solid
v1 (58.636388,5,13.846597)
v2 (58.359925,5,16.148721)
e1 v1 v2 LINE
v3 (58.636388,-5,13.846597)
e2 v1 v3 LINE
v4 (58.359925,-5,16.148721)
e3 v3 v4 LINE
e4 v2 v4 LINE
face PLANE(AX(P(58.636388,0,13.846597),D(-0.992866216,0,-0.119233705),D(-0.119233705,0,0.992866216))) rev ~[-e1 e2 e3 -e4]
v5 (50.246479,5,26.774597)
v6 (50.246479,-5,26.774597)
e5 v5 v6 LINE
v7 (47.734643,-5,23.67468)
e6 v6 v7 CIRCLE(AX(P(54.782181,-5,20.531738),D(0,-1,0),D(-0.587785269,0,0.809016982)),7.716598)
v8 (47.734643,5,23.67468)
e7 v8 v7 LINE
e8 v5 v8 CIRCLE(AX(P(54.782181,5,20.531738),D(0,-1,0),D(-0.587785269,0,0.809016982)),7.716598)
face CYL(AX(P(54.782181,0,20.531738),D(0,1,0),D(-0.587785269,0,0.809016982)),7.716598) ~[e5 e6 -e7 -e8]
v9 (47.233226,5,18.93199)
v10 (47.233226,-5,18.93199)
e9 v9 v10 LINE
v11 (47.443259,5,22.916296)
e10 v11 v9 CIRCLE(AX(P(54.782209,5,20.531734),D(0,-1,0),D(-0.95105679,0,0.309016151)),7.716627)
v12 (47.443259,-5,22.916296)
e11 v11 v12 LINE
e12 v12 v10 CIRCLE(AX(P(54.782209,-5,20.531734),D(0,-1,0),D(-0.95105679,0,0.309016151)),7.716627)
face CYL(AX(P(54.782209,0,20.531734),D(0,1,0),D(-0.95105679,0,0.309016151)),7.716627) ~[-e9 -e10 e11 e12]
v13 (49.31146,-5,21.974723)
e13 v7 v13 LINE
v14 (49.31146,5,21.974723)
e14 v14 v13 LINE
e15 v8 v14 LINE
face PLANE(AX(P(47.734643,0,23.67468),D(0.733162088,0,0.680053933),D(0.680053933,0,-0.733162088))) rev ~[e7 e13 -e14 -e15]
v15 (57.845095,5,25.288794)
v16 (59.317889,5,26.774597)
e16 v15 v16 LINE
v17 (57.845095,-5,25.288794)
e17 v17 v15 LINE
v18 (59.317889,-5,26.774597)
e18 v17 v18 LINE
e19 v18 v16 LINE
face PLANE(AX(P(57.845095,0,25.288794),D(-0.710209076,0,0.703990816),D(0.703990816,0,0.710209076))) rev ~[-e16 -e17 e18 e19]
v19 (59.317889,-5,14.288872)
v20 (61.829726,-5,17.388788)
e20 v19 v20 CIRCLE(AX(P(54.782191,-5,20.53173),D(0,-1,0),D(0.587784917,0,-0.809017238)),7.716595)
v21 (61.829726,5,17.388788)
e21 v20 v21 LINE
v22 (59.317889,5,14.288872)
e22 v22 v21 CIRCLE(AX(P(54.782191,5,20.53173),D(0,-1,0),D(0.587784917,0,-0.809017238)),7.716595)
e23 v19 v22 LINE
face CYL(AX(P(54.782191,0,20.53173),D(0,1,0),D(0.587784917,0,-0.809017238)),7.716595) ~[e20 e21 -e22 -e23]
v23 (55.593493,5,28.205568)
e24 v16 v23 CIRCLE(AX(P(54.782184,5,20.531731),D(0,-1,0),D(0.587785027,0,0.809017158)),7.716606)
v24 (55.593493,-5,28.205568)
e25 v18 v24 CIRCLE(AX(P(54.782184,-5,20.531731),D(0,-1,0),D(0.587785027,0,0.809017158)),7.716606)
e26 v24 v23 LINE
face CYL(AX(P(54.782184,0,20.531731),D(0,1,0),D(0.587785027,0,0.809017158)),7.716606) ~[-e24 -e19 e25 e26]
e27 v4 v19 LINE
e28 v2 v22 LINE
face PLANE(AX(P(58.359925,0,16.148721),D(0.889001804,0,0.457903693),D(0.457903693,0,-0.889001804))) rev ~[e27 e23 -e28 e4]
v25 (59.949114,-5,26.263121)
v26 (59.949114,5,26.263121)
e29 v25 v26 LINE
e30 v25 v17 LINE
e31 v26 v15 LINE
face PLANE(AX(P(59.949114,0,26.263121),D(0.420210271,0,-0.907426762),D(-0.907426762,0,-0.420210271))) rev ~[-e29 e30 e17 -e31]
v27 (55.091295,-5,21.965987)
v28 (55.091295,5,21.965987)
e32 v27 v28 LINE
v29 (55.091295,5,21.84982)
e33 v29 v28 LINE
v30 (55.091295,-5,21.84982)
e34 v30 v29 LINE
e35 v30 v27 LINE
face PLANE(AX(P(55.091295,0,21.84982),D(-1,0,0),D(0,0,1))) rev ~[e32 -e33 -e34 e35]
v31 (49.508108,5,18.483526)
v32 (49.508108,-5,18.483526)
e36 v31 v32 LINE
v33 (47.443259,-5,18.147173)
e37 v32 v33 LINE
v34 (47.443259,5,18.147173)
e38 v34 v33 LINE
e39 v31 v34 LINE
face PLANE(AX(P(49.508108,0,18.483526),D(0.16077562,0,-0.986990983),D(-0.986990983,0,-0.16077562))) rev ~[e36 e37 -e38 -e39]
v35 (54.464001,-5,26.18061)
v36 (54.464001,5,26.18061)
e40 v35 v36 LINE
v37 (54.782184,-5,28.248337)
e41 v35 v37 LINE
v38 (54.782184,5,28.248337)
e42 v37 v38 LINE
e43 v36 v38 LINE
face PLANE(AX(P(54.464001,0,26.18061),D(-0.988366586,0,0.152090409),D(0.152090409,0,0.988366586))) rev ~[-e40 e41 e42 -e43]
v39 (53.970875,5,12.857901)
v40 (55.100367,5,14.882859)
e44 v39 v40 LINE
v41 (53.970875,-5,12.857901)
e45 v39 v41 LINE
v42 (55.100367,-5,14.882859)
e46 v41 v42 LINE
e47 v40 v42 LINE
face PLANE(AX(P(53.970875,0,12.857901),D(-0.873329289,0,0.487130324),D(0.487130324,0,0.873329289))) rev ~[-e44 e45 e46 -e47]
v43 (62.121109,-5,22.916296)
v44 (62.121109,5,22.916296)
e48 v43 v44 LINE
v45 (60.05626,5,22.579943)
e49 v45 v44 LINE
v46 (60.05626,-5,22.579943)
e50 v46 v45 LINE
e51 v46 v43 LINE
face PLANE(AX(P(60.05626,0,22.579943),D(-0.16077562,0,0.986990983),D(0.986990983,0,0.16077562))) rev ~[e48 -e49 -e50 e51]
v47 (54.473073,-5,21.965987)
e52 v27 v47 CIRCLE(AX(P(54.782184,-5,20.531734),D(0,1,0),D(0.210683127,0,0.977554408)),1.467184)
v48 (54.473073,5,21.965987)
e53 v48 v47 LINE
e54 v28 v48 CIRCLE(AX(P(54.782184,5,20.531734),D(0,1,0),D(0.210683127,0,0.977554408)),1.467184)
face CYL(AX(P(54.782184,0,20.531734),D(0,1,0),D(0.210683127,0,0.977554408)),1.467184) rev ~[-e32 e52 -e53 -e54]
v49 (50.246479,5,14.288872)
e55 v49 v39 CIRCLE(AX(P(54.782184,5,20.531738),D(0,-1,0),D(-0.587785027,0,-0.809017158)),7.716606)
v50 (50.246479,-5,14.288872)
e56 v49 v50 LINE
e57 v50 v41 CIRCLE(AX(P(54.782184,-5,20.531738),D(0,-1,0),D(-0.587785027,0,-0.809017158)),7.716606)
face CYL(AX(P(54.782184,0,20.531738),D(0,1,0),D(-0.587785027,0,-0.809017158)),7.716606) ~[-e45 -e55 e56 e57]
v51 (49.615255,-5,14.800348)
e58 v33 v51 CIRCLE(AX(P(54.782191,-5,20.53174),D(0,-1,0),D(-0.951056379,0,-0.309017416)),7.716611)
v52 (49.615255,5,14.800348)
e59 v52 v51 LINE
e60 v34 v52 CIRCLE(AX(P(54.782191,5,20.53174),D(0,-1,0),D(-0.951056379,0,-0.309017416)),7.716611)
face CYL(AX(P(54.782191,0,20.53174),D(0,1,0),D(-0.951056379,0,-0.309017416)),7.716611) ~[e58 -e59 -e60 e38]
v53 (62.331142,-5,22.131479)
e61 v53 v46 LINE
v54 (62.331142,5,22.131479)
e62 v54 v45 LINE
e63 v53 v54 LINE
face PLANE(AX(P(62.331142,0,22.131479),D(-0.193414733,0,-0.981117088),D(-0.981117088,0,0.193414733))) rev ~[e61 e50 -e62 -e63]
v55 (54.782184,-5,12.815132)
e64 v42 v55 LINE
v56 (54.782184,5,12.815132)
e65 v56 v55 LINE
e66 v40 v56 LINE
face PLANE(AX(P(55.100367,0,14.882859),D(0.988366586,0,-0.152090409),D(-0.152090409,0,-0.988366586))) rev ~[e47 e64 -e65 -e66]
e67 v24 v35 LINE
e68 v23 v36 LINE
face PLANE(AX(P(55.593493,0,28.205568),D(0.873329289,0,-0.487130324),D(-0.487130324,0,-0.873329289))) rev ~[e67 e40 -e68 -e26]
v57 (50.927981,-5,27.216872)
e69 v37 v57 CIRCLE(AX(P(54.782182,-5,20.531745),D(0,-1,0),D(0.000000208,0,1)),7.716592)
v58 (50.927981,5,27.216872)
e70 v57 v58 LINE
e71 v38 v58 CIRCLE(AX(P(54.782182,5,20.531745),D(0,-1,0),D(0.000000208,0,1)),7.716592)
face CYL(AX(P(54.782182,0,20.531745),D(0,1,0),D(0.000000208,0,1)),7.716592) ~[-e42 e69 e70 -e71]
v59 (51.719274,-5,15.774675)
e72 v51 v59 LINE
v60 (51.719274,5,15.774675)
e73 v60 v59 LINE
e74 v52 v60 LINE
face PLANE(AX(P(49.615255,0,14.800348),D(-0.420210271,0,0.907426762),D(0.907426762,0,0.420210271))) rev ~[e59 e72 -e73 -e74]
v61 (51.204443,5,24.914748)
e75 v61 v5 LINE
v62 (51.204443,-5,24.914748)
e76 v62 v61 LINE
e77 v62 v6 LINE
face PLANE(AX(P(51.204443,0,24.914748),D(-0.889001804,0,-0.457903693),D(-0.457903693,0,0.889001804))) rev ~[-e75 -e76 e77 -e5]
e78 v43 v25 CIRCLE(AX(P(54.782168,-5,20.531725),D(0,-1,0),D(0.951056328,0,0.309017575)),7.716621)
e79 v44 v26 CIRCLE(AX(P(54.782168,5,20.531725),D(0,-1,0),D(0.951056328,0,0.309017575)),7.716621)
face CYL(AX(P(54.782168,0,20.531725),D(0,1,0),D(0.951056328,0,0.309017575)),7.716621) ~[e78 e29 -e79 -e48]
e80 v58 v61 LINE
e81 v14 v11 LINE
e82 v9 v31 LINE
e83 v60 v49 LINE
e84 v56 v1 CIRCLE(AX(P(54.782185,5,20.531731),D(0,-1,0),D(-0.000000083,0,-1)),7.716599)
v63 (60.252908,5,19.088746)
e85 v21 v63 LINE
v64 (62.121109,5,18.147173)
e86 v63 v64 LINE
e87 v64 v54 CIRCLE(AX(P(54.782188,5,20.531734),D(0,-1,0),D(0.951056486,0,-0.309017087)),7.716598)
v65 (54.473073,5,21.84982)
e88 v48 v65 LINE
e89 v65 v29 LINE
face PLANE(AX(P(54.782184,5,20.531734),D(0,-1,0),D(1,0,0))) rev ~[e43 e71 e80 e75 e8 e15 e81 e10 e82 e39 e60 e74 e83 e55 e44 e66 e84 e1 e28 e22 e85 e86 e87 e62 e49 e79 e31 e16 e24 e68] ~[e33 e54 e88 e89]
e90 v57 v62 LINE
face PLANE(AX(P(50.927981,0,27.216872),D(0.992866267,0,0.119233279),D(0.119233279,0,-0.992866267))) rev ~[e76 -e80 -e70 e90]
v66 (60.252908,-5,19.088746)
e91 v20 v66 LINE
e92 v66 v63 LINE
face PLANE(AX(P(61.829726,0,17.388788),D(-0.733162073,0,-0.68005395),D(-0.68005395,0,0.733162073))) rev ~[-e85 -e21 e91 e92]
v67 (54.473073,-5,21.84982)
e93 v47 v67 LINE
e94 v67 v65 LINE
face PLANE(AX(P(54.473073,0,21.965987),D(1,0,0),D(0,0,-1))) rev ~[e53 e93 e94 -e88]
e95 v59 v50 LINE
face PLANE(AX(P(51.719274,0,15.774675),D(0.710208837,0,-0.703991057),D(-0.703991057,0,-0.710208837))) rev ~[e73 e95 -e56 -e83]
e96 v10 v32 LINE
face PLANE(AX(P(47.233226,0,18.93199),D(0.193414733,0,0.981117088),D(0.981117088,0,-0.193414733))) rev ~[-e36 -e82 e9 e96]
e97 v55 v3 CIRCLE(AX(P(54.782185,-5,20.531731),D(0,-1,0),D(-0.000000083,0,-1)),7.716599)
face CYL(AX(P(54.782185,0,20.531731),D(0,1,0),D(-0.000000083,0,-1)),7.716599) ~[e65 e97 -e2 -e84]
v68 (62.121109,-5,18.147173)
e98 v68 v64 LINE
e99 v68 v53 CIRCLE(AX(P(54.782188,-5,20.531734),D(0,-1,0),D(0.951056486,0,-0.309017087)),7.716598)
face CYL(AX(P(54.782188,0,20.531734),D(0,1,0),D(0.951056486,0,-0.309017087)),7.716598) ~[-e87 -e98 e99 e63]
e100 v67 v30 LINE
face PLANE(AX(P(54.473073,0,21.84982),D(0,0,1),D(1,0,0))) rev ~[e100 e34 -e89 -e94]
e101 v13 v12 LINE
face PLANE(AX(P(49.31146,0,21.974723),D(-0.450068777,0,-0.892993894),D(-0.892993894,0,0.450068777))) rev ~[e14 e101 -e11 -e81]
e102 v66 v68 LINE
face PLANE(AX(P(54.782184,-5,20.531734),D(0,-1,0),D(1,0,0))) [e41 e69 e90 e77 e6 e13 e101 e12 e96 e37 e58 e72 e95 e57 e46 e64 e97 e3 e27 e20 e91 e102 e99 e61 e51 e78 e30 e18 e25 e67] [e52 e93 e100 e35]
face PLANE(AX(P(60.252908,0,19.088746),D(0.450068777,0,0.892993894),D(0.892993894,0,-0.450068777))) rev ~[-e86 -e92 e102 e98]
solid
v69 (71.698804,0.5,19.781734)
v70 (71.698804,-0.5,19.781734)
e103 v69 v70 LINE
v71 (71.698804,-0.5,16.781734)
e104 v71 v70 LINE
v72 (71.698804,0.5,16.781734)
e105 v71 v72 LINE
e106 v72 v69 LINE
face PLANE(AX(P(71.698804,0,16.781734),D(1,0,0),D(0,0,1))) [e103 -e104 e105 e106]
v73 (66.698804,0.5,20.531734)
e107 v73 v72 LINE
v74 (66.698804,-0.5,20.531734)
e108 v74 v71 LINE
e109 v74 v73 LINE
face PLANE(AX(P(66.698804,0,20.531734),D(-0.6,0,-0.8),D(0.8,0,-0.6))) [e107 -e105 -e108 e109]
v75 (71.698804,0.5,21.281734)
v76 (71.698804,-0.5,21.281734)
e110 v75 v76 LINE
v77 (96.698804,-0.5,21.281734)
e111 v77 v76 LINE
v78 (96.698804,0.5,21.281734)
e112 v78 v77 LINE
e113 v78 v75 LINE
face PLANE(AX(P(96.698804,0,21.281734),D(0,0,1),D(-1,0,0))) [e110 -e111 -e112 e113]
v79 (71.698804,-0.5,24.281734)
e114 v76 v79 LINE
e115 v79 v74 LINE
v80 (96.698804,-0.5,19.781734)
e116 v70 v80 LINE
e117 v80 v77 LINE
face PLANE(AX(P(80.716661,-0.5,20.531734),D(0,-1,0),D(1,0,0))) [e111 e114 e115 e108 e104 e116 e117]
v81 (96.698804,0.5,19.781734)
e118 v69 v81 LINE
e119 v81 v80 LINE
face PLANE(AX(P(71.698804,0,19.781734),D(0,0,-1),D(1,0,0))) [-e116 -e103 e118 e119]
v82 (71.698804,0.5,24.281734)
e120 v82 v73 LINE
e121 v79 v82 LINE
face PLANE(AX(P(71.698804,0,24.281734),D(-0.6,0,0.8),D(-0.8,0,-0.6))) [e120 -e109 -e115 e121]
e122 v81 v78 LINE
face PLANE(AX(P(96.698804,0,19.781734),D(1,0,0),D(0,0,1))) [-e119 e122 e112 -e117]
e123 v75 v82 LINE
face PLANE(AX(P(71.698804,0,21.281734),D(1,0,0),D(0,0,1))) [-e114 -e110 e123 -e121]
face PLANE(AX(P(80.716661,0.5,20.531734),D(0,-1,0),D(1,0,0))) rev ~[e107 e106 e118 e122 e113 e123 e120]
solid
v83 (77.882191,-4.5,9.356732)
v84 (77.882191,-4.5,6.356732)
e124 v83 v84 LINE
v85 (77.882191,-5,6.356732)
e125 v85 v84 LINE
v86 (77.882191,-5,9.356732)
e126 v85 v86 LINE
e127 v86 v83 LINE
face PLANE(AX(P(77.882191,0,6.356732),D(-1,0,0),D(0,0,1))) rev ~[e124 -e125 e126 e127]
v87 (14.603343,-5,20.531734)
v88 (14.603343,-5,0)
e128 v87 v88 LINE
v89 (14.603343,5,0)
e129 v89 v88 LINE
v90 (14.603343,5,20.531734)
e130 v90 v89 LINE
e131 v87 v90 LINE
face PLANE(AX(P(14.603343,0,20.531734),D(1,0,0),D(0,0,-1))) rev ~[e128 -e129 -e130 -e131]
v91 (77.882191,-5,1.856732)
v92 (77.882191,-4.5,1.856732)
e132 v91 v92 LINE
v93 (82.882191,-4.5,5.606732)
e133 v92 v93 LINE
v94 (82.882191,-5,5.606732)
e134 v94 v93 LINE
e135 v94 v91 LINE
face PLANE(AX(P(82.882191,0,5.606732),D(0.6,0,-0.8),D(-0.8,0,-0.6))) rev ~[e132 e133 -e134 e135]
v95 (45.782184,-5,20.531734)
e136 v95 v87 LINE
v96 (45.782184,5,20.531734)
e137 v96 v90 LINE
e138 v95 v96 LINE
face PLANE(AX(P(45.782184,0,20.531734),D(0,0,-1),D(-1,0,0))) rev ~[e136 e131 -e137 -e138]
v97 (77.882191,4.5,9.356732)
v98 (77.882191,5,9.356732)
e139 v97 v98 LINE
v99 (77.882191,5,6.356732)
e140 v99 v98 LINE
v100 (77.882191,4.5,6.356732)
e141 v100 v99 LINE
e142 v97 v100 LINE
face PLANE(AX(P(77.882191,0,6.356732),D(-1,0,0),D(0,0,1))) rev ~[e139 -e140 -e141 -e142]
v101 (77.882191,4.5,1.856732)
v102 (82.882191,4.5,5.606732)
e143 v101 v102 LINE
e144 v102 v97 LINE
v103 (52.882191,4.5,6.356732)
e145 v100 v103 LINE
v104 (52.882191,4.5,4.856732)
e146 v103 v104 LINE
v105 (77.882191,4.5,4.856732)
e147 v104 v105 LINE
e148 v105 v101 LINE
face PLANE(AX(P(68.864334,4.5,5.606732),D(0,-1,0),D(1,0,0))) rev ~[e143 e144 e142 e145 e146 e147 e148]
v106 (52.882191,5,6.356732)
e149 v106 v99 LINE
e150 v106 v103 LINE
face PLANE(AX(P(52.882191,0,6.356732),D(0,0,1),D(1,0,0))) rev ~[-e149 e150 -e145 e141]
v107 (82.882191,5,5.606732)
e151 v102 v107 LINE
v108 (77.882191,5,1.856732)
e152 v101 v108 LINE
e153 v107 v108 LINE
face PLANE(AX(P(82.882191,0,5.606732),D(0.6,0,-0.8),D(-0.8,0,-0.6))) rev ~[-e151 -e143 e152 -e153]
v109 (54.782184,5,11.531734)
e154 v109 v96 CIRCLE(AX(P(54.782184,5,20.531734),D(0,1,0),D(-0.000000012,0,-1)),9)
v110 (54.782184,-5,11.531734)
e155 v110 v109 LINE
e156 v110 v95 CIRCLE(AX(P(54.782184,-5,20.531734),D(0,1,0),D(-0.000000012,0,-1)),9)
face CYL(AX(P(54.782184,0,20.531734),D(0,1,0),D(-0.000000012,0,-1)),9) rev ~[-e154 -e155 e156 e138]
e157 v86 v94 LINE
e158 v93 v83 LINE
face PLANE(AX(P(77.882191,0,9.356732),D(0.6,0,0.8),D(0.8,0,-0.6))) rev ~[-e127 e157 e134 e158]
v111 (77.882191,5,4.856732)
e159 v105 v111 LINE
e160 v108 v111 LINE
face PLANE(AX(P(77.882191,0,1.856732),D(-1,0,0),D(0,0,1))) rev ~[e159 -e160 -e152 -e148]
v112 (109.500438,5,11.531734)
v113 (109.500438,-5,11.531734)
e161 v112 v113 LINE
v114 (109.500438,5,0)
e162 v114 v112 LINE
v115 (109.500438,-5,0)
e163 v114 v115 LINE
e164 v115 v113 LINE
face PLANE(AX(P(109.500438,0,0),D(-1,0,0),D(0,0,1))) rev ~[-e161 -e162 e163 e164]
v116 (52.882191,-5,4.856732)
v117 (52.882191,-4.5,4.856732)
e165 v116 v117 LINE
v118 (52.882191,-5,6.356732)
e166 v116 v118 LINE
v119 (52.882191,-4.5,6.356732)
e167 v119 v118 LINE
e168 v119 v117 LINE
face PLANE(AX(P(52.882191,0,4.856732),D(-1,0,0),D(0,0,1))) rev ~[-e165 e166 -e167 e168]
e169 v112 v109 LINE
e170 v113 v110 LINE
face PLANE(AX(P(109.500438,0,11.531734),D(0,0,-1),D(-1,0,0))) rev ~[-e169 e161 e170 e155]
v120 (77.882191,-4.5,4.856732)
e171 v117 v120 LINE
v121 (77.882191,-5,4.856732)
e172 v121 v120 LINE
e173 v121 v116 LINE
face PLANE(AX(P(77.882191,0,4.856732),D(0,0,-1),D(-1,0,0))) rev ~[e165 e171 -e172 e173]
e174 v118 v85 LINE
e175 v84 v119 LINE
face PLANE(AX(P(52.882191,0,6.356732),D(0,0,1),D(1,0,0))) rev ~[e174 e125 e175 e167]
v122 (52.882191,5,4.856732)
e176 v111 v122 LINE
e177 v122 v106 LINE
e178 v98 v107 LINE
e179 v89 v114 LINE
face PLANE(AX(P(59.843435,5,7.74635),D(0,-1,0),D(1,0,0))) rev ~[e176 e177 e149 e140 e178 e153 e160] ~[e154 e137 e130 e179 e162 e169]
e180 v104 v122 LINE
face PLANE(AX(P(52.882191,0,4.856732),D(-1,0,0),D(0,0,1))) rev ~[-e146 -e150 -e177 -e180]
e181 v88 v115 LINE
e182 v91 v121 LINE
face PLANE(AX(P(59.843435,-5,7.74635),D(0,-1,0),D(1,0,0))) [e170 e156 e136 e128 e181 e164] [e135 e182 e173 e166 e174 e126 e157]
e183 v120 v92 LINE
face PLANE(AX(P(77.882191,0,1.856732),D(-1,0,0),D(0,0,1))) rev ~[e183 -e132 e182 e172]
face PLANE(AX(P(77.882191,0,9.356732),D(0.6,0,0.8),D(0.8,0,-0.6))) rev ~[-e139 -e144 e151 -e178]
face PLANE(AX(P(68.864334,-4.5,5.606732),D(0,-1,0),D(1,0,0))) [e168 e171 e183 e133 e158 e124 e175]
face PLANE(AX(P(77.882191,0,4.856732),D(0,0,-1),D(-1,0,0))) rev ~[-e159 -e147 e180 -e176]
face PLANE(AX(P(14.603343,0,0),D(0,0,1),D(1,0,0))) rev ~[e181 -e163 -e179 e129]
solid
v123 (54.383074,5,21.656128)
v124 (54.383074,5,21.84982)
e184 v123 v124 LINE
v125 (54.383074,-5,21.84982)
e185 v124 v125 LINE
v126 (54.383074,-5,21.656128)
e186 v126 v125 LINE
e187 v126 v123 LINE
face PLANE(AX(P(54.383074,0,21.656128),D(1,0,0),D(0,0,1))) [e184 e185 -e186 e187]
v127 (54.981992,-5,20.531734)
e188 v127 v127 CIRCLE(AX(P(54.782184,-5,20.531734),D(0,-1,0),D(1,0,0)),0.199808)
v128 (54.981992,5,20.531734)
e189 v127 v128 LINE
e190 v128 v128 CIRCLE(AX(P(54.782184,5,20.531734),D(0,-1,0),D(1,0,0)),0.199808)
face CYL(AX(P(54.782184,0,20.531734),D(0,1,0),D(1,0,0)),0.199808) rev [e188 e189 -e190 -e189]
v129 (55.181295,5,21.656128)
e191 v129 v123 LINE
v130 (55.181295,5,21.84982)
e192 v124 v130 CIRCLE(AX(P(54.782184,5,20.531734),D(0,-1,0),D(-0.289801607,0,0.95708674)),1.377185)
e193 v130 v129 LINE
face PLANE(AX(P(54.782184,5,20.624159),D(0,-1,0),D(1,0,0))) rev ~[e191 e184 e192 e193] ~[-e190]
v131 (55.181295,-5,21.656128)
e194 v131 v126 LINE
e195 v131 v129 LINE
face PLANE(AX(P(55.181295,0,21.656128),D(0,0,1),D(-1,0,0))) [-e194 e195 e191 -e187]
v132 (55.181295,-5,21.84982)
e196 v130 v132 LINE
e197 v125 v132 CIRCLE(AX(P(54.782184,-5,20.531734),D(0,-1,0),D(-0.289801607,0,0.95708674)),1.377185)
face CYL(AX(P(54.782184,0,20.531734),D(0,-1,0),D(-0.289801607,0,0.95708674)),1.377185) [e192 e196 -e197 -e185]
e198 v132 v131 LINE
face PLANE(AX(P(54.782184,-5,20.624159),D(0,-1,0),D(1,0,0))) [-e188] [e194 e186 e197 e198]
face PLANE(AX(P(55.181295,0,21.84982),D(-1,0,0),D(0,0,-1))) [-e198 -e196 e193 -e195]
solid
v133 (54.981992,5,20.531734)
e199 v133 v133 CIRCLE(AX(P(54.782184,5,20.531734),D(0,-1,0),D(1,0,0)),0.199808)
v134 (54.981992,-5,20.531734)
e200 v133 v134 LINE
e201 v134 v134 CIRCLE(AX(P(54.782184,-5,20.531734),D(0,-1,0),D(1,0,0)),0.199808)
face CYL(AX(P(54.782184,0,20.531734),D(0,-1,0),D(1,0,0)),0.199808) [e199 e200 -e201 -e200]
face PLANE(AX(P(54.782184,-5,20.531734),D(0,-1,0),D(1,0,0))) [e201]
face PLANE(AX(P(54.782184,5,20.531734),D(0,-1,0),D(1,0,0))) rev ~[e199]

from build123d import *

# Parameters (mm, degrees)
F0_R     = 0.199808
F1_DEPTH = 5
F2_DEPTH = 4.5
F3_DEPTH = 0.5
F4_DEPTH = 5


with BuildPart() as f1:
    # F0 (on Front) → F1 (new body, symmetric)
    with BuildSketch(Plane.XZ):
        with BuildLine():
            Line((14.603343, 20.531734), (14.603343, 0))
            Line((14.603343, 0), (45.782184, 0))
            Line((45.782184, 0), (109.500438, 0))
            Line((109.500438, 0), (109.500438, 11.531734))
            Line((109.500438, 11.531734), (54.782184, 11.531734))
            ThreePointArc((54.782184, 11.531734), (48.418223, 14.167773), (45.782184, 20.531734))
            Line((45.782184, 20.531734), (14.603343, 20.531734))
        make_face()
        Polygon((52.882191, 6.356732), (77.882191, 6.356732), (77.882191, 9.356732), (82.882191, 5.606732), (77.882191, 1.856732), (77.882191, 4.856732), (52.882191, 4.856732), align=None, mode=Mode.SUBTRACT)
        with BuildLine():
            Line((51.204443, 24.914748), (50.246479, 26.774597))
            ThreePointArc((50.246479, 26.774597), (48.786747, 25.389788), (47.734643, 23.67468))
            Line((47.734643, 23.67468), (49.31146, 21.974723))
            Line((49.31146, 21.974723), (47.443259, 22.916296))
            ThreePointArc((47.443259, 22.916296), (47.076282, 20.937952), (47.233226, 18.93199))
            Line((47.233226, 18.93199), (49.508108, 18.483526))
            Line((49.508108, 18.483526), (47.443259, 18.147173))
            ThreePointArc((47.443259, 18.147173), (48.309209, 16.330956), (49.615255, 14.800348))
            Line((49.615255, 14.800348), (51.719274, 15.774675))
            Line((51.719274, 15.774675), (50.246479, 14.288872))
            ThreePointArc((50.246479, 14.288872), (52.014593, 13.328514), (53.970875, 12.857901))
            Line((53.970875, 12.857901), (55.100367, 14.882859))
            Line((55.100367, 14.882859), (54.782184, 12.815132))
            ThreePointArc((54.782184, 12.815132), (56.777103, 13.077457), (58.636388, 13.846597))
            Line((58.636388, 13.846597), (58.359925, 16.148721))
            Line((58.359925, 16.148721), (59.317889, 14.288872))
            ThreePointArc((59.317889, 14.288872), (60.777622, 15.673681), (61.829726, 17.388788))
            Line((61.829726, 17.388788), (60.252908, 19.088746))
            Line((60.252908, 19.088746), (62.121109, 18.147173))
            ThreePointArc((62.121109, 18.147173), (62.488087, 20.125517), (62.331142, 22.131479))
            Line((62.331142, 22.131479), (60.05626, 22.579943))
            Line((60.05626, 22.579943), (62.121109, 22.916296))
            ThreePointArc((62.121109, 22.916296), (61.255159, 24.732513), (59.949114, 26.263121))
            Line((59.949114, 26.263121), (57.845095, 25.288794))
            Line((57.845095, 25.288794), (59.317889, 26.774597))
            ThreePointArc((59.317889, 26.774597), (57.549775, 27.734955), (55.593493, 28.205568))
            Line((55.593493, 28.205568), (54.464001, 26.18061))
            Line((54.464001, 26.18061), (54.782184, 28.248337))
            ThreePointArc((54.782184, 28.248337), (52.787265, 27.986012), (50.927981, 27.216872))
            Line((50.927981, 27.216872), (51.204443, 24.914748))
        make_face()
        with BuildLine():
            Line((54.473073, 21.965987), (54.473073, 21.84982))
            Line((54.473073, 21.84982), (55.091295, 21.84982))
            Line((55.091295, 21.84982), (55.091295, 21.965987))
            ThreePointArc((55.091295, 21.965987), (54.782184, 19.06455), (54.473073, 21.965987))
        make_face(mode=Mode.SUBTRACT)
        with BuildLine():
            Line((54.383074, 21.656128), (54.383074, 21.84982))
            ThreePointArc((54.383074, 21.84982), (54.782184, 19.154549), (55.181295, 21.84982))
            Line((55.181295, 21.84982), (55.181295, 21.656128))
            Line((55.181295, 21.656128), (54.383074, 21.656128))
        make_face()
        with Locations((54.782184, 20.531734)):
            Circle(F0_R, mode=Mode.SUBTRACT)
    extrude(amount=F1_DEPTH, both=True)

    # F0 (on Front) → F2 (join, symmetric)
    with BuildSketch(Plane.XZ):
        Polygon((77.882191, 9.356732), (77.882191, 6.356732), (52.882191, 6.356732), (52.882191, 4.856732), (77.882191, 4.856732), (77.882191, 1.856732), (82.882191, 5.606732), align=None)
    extrude(amount=F2_DEPTH, both=True)


with BuildPart() as f3:
    # F0 (on Front) → F3 (new body, symmetric)
    with BuildSketch(Plane.XZ):
        Polygon((71.698804, 16.781734), (71.698804, 19.781734), (96.698804, 19.781734), (96.698804, 21.281734), (71.698804, 21.281734), (71.698804, 24.281734), (66.698804, 20.531734), align=None)
    extrude(amount=F3_DEPTH, both=True)


with BuildPart() as f4:
    # F0 (on Front) → F4 (new body, symmetric)
    with BuildSketch(Plane.XZ):
        with Locations((54.782184, 20.531734)):
            Circle(F0_R)
    extrude(amount=F4_DEPTH, both=True)


solid = Compound([f1.part, f3.part, f4.part])
